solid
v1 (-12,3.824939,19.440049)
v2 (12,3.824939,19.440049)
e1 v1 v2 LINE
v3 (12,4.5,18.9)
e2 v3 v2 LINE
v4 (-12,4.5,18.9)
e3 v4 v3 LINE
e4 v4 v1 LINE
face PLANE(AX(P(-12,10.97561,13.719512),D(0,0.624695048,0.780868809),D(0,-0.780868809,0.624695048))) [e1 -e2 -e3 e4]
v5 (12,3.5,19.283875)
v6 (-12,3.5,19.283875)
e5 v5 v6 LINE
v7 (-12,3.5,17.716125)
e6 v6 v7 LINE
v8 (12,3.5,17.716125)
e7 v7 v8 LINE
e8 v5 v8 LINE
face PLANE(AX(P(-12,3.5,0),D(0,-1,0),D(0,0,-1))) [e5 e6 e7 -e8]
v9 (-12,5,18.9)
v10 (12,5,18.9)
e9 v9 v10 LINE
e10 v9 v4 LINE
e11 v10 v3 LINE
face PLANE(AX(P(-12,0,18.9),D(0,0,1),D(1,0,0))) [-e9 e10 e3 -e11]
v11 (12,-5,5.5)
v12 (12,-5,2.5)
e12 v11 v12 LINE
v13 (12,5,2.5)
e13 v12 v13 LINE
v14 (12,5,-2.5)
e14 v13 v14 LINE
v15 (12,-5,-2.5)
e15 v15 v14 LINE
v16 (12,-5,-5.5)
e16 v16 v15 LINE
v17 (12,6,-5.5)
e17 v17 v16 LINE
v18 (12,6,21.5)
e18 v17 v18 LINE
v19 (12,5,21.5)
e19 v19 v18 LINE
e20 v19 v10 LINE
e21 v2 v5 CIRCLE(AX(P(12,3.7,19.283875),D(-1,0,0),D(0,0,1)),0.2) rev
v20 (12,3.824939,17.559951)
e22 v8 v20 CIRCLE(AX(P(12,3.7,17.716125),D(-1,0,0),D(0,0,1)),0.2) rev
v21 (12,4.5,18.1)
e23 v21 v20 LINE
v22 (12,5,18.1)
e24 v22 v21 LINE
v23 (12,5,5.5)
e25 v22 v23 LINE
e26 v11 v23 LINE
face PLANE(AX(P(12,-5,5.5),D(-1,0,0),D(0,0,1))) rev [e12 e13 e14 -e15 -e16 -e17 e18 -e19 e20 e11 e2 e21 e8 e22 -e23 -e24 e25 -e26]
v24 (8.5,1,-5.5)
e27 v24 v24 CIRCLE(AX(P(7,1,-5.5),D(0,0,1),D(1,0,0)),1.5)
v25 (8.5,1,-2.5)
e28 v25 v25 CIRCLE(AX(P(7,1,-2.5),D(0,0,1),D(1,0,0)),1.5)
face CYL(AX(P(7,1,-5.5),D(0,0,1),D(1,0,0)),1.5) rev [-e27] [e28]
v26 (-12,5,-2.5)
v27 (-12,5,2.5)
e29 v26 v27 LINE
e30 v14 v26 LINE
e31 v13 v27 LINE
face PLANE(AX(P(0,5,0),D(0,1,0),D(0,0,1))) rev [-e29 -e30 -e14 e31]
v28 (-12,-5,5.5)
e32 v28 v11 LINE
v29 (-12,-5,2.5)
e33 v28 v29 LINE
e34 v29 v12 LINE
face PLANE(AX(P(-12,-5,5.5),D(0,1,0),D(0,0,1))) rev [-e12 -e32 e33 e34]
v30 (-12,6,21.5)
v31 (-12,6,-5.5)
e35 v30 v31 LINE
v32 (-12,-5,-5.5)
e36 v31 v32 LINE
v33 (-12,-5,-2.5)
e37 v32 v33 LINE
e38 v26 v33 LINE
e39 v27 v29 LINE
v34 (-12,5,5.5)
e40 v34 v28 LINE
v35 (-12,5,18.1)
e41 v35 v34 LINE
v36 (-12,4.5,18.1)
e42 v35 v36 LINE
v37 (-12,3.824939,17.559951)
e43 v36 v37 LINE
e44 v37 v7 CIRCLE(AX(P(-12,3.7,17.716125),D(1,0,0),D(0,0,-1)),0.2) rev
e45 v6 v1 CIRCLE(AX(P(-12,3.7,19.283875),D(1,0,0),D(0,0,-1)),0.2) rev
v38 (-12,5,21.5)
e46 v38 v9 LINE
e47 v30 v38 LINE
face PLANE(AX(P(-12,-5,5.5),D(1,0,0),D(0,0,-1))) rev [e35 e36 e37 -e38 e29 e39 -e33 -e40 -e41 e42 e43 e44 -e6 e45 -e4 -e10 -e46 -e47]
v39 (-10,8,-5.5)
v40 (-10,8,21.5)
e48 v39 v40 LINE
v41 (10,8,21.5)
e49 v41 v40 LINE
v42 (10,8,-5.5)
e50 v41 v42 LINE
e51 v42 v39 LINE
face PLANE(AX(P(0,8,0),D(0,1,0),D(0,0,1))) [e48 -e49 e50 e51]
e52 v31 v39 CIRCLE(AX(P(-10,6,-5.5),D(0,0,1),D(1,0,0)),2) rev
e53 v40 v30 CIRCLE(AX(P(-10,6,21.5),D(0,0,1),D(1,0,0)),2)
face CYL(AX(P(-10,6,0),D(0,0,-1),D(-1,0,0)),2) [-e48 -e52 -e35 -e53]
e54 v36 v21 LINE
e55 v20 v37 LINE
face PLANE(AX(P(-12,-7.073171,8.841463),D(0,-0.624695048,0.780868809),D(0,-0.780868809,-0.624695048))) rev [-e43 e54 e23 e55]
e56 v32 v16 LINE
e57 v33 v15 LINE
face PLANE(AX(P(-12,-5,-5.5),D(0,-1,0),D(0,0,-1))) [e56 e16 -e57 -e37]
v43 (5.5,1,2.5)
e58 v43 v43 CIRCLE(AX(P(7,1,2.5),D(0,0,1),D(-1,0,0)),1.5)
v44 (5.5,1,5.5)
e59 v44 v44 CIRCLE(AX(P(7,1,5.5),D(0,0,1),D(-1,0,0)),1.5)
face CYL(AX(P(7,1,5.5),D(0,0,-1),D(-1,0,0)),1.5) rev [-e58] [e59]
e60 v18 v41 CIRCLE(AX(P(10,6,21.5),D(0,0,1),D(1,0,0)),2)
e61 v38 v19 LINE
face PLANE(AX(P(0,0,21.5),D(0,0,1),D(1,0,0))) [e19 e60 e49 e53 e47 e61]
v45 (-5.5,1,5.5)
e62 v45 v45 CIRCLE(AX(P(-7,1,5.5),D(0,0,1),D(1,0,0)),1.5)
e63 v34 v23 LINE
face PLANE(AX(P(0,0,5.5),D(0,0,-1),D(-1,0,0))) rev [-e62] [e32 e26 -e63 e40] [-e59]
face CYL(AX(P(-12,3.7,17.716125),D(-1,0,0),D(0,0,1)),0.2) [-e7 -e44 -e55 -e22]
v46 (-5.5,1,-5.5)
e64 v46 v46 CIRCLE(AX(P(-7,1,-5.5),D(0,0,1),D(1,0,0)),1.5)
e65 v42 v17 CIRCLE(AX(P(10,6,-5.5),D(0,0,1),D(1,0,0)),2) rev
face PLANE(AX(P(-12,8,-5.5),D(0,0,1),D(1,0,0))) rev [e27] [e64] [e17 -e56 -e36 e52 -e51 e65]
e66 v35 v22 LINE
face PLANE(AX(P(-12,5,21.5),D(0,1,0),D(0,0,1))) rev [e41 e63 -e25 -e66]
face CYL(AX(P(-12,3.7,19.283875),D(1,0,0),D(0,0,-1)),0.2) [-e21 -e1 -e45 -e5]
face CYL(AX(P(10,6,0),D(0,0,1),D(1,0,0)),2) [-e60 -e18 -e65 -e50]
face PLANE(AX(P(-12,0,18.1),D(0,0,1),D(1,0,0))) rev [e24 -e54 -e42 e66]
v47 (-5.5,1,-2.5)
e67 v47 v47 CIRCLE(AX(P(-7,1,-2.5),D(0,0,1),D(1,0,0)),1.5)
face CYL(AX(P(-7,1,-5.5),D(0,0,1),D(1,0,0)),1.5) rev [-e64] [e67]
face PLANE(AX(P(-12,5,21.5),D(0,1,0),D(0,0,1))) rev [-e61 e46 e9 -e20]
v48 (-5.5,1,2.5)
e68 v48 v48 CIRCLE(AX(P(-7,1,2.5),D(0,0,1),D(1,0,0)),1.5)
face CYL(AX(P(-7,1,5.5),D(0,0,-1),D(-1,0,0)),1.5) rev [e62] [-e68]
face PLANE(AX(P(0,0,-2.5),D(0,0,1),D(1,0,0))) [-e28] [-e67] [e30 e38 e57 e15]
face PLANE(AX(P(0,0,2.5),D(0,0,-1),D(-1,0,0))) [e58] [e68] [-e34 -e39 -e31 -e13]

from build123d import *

# Parameters (mm, degrees)
EXTRUDE_START   = 2.5
SKETCH_1_W      = 24
SKETCH_1_H      = 10
SKETCH_1_R      = 1.5
EXTRUDE_1_DEPTH = 3
EXTRUDE_START_2 = -2.5
SKETCH_2_W      = 24
SKETCH_2_H      = 10
SKETCH_2_R      = 1.5
EXTRUDE_2_DEPTH = 3
SKETCH_3_W      = 24
SKETCH_3_H      = 11
EXTRUDE_3_DEPTH = 3
SKETCH_4_W      = 24
SKETCH_4_H      = 3
EXTRUDE_4_DEPTH = 16
EXTRUDE_5_DEPTH = 24
FILLET_1_R      = 0.2
FILLET_2_R      = 2


with BuildPart() as part:
    # 草图1 → 凸台-拉伸1 (new body)
    with BuildSketch(Plane.XY.offset(EXTRUDE_START)):
        Rectangle(SKETCH_1_W, SKETCH_1_H)
        with Locations((-7, 1)):
            Circle(SKETCH_1_R, mode=Mode.SUBTRACT)
        with Locations(Location((7, 1, 0), (0, 0, 180))):
            Circle(SKETCH_1_R, mode=Mode.SUBTRACT)
    extrude(amount=EXTRUDE_1_DEPTH)



with BuildPart() as body_2:
    # 草图2 → 凸台-拉伸2 (new body)
    with BuildSketch(Plane.XY.offset(EXTRUDE_START_2)):
        Rectangle(SKETCH_2_W, SKETCH_2_H)
        with Locations(Location((7, 1, 0), (0, 0, 180))):
            Circle(SKETCH_2_R, mode=Mode.SUBTRACT)
        with Locations((-7, 1)):
            Circle(SKETCH_2_R, mode=Mode.SUBTRACT)
    extrude(amount=-EXTRUDE_2_DEPTH)


with BuildPart() as part_1:
    add(part.part)

    add(body_2.part)  # 凸台-拉伸3 merges body 2
    # 草图3 → 凸台-拉伸3 (add)
    with BuildSketch(Plane(origin=(0, 5, 0), x_dir=(1, 0, 0), z_dir=(0, 1, 0))):
        Rectangle(SKETCH_3_W, SKETCH_3_H)
    extrude(amount=EXTRUDE_3_DEPTH)

    # 草图4 → 凸台-拉伸4 (add)
    with BuildSketch(Plane.XY.offset(5.5)):
        with Locations((0, 6.5)):
            Rectangle(SKETCH_4_W, SKETCH_4_H)
    extrude(amount=EXTRUDE_4_DEPTH)

    # 草图5 → 凸台-拉伸5 (add)
    with BuildSketch(Plane(origin=(12, 0, 0), x_dir=(0, 0, -1), z_dir=(1, 0, 0))):
        Polygon((-18.5, 5), (-17.3, 3.5), (-19.7, 3.5), align=None)
        Polygon((-18.9, 4.5), (-18.5, 5), (-18.9, 5), align=None)
        Polygon((-18.1, 5), (-18.5, 5), (-18.1, 4.5), align=None)
    extrude(amount=-EXTRUDE_5_DEPTH)

    # 圆角1
    fillet_1_edges = [part_1.edges().sort_by_distance(p)[0] for p in [
        (0, 3.5, 17.3),
        (0, 3.5, 19.7),
    ]]
    fillet(fillet_1_edges, radius=FILLET_1_R)

    # 圆角2
    fillet_2_edges = [part_1.edges().sort_by_distance(p)[0] for p in [
        (-12, 8, 8),
        (12, 8, 8),
    ]]
    fillet(fillet_2_edges, radius=FILLET_2_R)


solid = part_1.part
